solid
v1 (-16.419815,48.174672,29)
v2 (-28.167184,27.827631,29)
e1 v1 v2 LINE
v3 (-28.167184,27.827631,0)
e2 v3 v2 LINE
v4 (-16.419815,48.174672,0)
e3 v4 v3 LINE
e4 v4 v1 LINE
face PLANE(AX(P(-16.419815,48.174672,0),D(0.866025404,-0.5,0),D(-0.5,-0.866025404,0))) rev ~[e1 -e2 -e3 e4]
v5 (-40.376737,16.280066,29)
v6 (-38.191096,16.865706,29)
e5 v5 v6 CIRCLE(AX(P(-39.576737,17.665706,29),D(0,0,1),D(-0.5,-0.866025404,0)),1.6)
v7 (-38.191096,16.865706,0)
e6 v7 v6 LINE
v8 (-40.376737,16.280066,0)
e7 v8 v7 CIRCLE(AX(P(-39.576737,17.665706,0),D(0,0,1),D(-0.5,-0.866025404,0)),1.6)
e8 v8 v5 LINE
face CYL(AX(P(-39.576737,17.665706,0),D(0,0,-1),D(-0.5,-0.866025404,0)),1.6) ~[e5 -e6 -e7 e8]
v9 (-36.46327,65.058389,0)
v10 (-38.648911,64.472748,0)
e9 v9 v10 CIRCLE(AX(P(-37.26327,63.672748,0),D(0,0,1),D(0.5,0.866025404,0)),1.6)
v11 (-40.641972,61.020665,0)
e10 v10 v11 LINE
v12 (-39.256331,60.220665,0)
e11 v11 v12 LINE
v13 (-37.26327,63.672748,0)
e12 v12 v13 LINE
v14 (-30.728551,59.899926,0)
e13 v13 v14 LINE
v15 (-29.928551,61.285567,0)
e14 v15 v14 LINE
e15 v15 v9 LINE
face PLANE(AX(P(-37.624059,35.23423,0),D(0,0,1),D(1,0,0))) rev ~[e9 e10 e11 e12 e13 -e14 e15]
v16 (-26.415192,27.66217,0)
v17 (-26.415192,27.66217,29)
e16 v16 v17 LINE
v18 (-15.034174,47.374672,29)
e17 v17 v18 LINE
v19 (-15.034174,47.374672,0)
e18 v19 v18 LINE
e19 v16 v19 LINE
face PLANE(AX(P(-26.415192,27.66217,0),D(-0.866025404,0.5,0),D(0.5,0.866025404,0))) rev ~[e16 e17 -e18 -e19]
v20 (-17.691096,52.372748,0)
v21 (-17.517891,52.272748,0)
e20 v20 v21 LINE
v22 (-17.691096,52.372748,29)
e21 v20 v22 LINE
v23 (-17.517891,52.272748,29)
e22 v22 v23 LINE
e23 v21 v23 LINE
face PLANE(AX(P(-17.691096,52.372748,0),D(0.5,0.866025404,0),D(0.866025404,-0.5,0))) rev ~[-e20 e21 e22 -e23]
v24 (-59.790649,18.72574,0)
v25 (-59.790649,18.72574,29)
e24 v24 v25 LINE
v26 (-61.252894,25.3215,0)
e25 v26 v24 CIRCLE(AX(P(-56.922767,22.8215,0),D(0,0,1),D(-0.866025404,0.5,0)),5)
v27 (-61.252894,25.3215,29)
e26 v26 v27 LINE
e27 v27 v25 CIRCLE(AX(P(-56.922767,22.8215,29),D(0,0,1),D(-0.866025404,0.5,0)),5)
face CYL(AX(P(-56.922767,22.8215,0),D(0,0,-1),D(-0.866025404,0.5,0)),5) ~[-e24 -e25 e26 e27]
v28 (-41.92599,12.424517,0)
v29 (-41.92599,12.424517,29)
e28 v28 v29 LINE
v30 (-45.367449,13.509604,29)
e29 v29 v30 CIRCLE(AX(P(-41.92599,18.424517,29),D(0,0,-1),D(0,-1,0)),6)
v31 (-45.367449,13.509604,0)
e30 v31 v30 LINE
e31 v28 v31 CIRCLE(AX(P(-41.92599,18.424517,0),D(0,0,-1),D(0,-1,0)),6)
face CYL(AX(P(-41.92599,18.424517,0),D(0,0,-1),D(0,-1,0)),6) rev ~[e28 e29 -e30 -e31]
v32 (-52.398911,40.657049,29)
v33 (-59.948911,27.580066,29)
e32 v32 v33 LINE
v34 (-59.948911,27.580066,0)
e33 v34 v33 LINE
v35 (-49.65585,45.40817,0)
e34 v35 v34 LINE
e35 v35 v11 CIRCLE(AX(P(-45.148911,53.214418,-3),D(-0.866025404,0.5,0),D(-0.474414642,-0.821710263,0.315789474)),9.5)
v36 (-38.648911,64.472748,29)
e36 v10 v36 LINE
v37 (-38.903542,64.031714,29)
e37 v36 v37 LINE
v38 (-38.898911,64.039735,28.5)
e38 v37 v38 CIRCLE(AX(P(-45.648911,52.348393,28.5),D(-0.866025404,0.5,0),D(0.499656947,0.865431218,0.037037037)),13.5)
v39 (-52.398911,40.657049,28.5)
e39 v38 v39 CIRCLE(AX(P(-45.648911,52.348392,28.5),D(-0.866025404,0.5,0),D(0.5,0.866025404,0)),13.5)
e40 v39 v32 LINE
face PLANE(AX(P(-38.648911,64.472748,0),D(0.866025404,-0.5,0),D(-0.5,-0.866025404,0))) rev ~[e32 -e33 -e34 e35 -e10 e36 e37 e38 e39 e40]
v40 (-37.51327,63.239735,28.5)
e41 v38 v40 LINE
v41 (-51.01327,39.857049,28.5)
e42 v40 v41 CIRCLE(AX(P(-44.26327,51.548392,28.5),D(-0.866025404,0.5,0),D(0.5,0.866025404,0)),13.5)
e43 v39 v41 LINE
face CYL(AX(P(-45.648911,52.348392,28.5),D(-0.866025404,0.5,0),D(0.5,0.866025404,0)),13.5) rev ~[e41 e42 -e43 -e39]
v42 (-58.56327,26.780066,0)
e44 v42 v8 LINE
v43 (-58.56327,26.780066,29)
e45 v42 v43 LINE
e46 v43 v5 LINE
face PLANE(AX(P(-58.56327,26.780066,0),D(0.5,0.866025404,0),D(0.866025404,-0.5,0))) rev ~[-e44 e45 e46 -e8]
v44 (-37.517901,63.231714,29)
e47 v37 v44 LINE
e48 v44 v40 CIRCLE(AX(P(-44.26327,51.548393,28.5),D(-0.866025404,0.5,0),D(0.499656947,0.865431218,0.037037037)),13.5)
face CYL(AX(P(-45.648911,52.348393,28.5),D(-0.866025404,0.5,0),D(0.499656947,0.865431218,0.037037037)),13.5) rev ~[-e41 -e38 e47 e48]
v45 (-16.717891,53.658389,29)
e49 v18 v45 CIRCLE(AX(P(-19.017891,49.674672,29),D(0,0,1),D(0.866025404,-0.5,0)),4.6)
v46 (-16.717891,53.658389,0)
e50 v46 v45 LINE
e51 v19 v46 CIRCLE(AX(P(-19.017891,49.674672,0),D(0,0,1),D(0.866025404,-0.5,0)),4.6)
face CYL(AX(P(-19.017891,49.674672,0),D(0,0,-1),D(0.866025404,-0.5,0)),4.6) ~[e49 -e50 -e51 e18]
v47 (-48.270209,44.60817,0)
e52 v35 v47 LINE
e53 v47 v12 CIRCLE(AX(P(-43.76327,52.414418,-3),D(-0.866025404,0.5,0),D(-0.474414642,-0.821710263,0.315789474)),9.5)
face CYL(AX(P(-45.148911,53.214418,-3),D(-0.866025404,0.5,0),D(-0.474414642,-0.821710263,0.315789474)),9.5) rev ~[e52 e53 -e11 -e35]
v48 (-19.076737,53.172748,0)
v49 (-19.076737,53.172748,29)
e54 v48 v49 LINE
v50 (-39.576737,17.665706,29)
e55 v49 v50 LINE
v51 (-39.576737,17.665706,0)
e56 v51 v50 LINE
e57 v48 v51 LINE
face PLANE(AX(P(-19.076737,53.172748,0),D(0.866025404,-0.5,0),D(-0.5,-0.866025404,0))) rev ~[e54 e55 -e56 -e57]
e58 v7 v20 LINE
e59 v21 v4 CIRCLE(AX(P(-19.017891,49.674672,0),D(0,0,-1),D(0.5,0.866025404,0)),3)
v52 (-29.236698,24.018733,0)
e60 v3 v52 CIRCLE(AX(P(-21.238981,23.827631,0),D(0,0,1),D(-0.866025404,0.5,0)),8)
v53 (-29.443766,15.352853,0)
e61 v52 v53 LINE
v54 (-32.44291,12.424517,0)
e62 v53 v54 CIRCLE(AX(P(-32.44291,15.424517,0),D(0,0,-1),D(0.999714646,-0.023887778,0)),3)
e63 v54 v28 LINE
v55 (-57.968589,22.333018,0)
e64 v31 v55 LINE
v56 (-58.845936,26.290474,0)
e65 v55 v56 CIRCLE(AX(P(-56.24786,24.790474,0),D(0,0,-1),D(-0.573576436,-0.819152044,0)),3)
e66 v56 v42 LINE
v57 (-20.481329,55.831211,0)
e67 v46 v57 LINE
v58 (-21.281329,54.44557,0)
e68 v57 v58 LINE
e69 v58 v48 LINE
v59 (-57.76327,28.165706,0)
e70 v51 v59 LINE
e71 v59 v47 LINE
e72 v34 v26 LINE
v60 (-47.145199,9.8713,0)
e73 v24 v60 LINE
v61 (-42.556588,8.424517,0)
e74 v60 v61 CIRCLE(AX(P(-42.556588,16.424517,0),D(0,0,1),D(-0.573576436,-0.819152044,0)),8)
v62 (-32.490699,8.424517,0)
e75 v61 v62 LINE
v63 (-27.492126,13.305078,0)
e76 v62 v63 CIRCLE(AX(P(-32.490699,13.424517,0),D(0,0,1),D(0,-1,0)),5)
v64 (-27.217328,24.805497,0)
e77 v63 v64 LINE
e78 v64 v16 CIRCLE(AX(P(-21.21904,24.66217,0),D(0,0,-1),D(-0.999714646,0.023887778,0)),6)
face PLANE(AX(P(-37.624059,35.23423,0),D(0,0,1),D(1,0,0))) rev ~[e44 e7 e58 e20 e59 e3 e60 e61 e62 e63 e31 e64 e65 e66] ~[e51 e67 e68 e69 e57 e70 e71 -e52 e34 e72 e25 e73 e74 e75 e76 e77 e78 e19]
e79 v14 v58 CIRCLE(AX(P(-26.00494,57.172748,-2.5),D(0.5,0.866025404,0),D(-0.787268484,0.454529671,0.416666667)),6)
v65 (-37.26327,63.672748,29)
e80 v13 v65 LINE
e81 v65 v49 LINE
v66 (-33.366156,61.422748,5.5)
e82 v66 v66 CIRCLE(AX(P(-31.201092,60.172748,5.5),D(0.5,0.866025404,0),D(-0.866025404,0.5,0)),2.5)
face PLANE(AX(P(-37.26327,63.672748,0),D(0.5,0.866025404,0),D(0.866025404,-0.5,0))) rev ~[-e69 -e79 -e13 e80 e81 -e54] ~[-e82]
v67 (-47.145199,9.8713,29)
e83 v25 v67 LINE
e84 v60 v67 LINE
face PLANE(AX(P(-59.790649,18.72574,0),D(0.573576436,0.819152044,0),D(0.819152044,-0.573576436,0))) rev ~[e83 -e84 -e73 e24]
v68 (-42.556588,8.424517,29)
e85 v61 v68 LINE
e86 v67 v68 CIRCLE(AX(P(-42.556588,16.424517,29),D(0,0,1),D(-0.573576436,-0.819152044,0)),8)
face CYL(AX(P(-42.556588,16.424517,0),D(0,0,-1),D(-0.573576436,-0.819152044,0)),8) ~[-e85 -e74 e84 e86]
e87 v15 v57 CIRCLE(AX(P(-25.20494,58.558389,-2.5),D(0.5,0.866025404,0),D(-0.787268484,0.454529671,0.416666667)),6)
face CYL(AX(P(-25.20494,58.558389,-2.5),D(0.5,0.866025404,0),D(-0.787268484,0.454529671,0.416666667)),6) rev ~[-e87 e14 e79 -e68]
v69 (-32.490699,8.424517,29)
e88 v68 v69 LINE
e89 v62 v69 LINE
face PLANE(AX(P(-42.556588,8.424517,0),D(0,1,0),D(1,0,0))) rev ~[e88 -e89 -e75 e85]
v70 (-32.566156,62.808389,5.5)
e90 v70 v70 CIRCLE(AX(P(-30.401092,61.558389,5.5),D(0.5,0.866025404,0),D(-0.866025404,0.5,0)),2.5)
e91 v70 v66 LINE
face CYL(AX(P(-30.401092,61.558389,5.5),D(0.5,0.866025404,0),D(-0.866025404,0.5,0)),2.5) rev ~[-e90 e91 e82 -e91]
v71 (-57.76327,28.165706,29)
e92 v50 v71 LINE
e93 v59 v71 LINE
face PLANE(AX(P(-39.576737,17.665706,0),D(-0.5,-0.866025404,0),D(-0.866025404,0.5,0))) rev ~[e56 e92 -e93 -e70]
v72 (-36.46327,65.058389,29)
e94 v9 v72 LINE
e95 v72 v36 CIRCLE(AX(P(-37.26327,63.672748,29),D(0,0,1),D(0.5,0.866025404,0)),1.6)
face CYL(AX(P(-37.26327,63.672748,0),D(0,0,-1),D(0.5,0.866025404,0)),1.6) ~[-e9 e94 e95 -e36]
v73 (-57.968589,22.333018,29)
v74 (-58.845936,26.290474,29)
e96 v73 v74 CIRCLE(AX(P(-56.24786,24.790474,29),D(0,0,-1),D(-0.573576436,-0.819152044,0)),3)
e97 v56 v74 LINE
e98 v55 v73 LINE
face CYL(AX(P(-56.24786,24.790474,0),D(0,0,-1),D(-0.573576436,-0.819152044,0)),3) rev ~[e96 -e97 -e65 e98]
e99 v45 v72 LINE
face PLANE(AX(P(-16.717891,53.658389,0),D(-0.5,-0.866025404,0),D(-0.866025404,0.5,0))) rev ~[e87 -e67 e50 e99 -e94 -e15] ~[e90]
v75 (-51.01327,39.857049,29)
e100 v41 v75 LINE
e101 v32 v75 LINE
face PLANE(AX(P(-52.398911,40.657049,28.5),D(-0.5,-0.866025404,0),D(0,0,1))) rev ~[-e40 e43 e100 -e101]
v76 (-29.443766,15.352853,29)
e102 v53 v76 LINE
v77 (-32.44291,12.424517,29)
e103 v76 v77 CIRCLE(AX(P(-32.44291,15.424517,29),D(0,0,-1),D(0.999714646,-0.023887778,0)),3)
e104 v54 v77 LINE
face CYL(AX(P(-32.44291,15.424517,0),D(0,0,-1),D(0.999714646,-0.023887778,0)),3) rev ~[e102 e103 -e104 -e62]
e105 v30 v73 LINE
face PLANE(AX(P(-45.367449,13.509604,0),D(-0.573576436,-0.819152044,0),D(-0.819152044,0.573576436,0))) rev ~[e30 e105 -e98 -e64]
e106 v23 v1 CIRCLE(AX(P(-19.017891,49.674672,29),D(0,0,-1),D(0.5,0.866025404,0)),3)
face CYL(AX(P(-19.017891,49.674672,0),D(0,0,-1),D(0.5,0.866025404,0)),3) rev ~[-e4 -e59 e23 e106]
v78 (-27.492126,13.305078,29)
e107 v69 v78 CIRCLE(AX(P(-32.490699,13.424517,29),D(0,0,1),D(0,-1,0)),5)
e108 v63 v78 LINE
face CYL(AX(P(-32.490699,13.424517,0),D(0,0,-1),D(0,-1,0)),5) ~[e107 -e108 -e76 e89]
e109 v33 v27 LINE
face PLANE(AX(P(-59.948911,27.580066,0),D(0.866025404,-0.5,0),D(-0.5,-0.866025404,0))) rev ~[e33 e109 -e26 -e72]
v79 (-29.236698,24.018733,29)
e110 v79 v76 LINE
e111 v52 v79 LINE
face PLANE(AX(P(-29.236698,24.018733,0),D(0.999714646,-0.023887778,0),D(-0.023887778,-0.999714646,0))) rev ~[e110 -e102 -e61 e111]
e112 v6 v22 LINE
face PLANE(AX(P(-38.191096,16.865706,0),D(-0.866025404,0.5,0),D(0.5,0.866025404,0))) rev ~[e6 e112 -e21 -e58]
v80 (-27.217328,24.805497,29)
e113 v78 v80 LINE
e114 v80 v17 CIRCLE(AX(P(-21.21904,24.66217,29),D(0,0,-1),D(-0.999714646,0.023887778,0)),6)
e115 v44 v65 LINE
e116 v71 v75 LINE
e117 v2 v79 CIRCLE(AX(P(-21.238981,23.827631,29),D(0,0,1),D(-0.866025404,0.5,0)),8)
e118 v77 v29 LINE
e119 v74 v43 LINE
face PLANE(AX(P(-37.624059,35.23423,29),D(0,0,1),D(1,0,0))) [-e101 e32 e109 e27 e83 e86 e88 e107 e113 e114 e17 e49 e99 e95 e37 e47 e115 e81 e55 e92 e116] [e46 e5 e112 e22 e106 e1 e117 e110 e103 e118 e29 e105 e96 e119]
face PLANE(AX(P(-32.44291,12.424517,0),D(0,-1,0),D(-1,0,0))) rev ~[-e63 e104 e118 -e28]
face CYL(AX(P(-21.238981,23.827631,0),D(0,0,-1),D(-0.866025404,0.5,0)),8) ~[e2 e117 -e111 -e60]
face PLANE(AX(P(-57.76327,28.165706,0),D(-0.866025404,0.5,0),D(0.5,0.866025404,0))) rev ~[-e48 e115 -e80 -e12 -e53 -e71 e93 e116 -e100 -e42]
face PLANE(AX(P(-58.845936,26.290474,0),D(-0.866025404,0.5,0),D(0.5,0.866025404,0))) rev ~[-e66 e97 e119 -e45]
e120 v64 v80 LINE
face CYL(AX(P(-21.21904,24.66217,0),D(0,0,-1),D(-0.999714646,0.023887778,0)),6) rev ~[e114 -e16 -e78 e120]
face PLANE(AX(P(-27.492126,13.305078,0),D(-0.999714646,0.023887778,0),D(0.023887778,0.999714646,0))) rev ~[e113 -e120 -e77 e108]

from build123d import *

# Parameters (mm, degrees)
F1_DEPTH = 29
F4_DEPTH = 2
F3_R     = 2.5
F5_DEPTH = 2


with BuildPart() as f1:
    # F0 (on Top) → F1 (new body)
    with BuildSketch(Plane.XY):
        with BuildLine():
            ThreePointArc((-15.034174097, 47.3746718097), (-14.5746321535, 50.8652394172), (-16.7178909544, 53.6583886671))
            Line((-16.7178909544, 53.6583886671), (-36.4632701607, 65.0583886671))
            ThreePointArc((-36.4632701607, 65.0583886671), (-37.6773806328, 65.2182293432), (-38.6489108067, 64.4727480211))
            Line((-38.6489108067, 64.4727480211), (-59.9489108067, 27.5800658199))
            Line((-59.9489108067, 27.5800658199), (-61.2528943298, 25.3215001057))
            ThreePointArc((-61.2528943298, 25.3215001057), (-61.8042473465, 21.739302036), (-59.7906494926, 18.7257398843))
            Line((-59.7906494926, 18.7257398843), (-47.1451993997, 9.8713004052))
            ThreePointArc((-47.1451993997, 9.8713004052), (-44.962234305, 8.7947811535), (-42.5565879089, 8.4245167595))
            Line((-42.5565879089, 8.4245167595), (-32.4906988756, 8.4245167595))
            ThreePointArc((-32.4906988756, 8.4245167595), (-28.9976482356, 9.8470040444), (-27.492125644, 13.3050778688))
            Line((-27.492125644, 13.3050778688), (-27.2173277766, 24.8054966721))
            ThreePointArc((-27.2173277766, 24.8054966721), (-26.9956322368, 26.2841998916), (-26.4151923214, 27.6621700032))
            Line((-26.4151923214, 27.6621700032), (-15.034174097, 47.3746718097))
        make_face()
        with BuildLine():
            Line((-58.5632701607, 26.7800658199), (-40.3767366812, 16.2800658199))
            ThreePointArc((-40.3767366812, 16.2800658199), (-39.162626209, 16.1202251439), (-38.1910960352, 16.8657064659))
            Line((-38.1910960352, 16.8657064659), (-17.6910960352, 52.3727480211))
            Line((-17.6910960352, 52.3727480211), (-17.5178909544, 52.2727480211))
            ThreePointArc((-17.5178909544, 52.2727480211), (-16.1201134755, 50.451128945), (-16.419814743, 48.1746718097))
            Line((-16.419814743, 48.1746718097), (-28.1671840961, 27.8276312349))
            ThreePointArc((-28.1671840961, 27.8276312349), (-28.9411039834, 25.9903377528), (-29.2366980364, 24.01873346))
            Line((-29.2366980364, 24.01873346), (-29.4437657435, 15.3528534251))
            ThreePointArc((-29.4437657435, 15.3528534251), (-30.3470792985, 13.2780091304), (-32.4429096825, 12.4245167595))
            Line((-32.4429096825, 12.4245167595), (-41.9259903312, 12.4245167595))
            ThreePointArc((-41.9259903312, 12.4245167595), (-43.7302251282, 12.702215055), (-45.3674489493, 13.5096044937))
            Line((-45.3674489493, 13.5096044937), (-57.9685892112, 22.3330178952))
            ThreePointArc((-57.9685892112, 22.3330178952), (-59.1767479235, 24.1411551862), (-58.8459361135, 26.290474028))
            Line((-58.8459361135, 26.290474028), (-58.5632701607, 26.7800658199))
        make_face(mode=Mode.SUBTRACT)
        Polygon((-37.2632701607, 63.6727480211), (-19.0767366812, 53.1727480211), (-39.5767366812, 17.6657064659), (-57.7632701607, 28.1657064659), align=None, mode=Mode.SUBTRACT)
    extrude(amount=F1_DEPTH)

    # F2 (on face) → F4 (cut)
    with BuildSketch(Plane(origin=(-56.9042019241, 32.8536562989, 0), x_dir=(-0.5, -0.8660254038, 0), z_dir=(-0.8660254038, 0.5, 0))):
        with BuildLine():
            ThreePointArc((-36.0013197979, 29), (-36.0082664269, 28.7500428927), (-36.0105822347, 28.5))
            ThreePointArc((-36.0105822347, 28.5), (-22.5105822347, 15), (-9.0105822347, 28.5))
            ThreePointArc((-9.0105822347, 28.5), (-9.0128980425, 28.7500428927), (-9.0198446715, 29))
            Line((-9.0198446715, 29), (-36.0013197979, 29))
        make_face()
        with BuildLine():
            ThreePointArc((-9.0198446715, 29), (-9.0128980425, 28.7500428927), (-9.0105822347, 28.5))
            Line((-9.0105822347, 28.5), (-9.0105822347, 29))
            Line((-9.0105822347, 29), (-9.0198446715, 29))
        make_face()
        with BuildLine():
            ThreePointArc((-14.496704046, 0), (-23.5105822347, 6.5), (-32.5244604233, 0))
            Line((-32.5244604233, 0), (-14.496704046, 0))
        make_face()
    extrude(amount=-F4_DEPTH, mode=Mode.SUBTRACT)

    # F3 (on face) → F5 (cut)
    with BuildSketch(Plane(origin=(19.0552911173, 33.0047323683, 0), x_dir=(-0.8660254038, 0.5, 0), z_dir=(0.5, 0.8660254038, 0))):
        with BuildLine():
            Line((45.6529565405, 0), (56.5616686551, 0))
            ThreePointArc((56.5616686551, 0), (51.1073125978, 3.5), (45.6529565405, 0))
        make_face()
        with Locations((57.1073125978, 5.5)):
            Circle(F3_R)
    extrude(amount=-F5_DEPTH, mode=Mode.SUBTRACT)


solid = f1.part
